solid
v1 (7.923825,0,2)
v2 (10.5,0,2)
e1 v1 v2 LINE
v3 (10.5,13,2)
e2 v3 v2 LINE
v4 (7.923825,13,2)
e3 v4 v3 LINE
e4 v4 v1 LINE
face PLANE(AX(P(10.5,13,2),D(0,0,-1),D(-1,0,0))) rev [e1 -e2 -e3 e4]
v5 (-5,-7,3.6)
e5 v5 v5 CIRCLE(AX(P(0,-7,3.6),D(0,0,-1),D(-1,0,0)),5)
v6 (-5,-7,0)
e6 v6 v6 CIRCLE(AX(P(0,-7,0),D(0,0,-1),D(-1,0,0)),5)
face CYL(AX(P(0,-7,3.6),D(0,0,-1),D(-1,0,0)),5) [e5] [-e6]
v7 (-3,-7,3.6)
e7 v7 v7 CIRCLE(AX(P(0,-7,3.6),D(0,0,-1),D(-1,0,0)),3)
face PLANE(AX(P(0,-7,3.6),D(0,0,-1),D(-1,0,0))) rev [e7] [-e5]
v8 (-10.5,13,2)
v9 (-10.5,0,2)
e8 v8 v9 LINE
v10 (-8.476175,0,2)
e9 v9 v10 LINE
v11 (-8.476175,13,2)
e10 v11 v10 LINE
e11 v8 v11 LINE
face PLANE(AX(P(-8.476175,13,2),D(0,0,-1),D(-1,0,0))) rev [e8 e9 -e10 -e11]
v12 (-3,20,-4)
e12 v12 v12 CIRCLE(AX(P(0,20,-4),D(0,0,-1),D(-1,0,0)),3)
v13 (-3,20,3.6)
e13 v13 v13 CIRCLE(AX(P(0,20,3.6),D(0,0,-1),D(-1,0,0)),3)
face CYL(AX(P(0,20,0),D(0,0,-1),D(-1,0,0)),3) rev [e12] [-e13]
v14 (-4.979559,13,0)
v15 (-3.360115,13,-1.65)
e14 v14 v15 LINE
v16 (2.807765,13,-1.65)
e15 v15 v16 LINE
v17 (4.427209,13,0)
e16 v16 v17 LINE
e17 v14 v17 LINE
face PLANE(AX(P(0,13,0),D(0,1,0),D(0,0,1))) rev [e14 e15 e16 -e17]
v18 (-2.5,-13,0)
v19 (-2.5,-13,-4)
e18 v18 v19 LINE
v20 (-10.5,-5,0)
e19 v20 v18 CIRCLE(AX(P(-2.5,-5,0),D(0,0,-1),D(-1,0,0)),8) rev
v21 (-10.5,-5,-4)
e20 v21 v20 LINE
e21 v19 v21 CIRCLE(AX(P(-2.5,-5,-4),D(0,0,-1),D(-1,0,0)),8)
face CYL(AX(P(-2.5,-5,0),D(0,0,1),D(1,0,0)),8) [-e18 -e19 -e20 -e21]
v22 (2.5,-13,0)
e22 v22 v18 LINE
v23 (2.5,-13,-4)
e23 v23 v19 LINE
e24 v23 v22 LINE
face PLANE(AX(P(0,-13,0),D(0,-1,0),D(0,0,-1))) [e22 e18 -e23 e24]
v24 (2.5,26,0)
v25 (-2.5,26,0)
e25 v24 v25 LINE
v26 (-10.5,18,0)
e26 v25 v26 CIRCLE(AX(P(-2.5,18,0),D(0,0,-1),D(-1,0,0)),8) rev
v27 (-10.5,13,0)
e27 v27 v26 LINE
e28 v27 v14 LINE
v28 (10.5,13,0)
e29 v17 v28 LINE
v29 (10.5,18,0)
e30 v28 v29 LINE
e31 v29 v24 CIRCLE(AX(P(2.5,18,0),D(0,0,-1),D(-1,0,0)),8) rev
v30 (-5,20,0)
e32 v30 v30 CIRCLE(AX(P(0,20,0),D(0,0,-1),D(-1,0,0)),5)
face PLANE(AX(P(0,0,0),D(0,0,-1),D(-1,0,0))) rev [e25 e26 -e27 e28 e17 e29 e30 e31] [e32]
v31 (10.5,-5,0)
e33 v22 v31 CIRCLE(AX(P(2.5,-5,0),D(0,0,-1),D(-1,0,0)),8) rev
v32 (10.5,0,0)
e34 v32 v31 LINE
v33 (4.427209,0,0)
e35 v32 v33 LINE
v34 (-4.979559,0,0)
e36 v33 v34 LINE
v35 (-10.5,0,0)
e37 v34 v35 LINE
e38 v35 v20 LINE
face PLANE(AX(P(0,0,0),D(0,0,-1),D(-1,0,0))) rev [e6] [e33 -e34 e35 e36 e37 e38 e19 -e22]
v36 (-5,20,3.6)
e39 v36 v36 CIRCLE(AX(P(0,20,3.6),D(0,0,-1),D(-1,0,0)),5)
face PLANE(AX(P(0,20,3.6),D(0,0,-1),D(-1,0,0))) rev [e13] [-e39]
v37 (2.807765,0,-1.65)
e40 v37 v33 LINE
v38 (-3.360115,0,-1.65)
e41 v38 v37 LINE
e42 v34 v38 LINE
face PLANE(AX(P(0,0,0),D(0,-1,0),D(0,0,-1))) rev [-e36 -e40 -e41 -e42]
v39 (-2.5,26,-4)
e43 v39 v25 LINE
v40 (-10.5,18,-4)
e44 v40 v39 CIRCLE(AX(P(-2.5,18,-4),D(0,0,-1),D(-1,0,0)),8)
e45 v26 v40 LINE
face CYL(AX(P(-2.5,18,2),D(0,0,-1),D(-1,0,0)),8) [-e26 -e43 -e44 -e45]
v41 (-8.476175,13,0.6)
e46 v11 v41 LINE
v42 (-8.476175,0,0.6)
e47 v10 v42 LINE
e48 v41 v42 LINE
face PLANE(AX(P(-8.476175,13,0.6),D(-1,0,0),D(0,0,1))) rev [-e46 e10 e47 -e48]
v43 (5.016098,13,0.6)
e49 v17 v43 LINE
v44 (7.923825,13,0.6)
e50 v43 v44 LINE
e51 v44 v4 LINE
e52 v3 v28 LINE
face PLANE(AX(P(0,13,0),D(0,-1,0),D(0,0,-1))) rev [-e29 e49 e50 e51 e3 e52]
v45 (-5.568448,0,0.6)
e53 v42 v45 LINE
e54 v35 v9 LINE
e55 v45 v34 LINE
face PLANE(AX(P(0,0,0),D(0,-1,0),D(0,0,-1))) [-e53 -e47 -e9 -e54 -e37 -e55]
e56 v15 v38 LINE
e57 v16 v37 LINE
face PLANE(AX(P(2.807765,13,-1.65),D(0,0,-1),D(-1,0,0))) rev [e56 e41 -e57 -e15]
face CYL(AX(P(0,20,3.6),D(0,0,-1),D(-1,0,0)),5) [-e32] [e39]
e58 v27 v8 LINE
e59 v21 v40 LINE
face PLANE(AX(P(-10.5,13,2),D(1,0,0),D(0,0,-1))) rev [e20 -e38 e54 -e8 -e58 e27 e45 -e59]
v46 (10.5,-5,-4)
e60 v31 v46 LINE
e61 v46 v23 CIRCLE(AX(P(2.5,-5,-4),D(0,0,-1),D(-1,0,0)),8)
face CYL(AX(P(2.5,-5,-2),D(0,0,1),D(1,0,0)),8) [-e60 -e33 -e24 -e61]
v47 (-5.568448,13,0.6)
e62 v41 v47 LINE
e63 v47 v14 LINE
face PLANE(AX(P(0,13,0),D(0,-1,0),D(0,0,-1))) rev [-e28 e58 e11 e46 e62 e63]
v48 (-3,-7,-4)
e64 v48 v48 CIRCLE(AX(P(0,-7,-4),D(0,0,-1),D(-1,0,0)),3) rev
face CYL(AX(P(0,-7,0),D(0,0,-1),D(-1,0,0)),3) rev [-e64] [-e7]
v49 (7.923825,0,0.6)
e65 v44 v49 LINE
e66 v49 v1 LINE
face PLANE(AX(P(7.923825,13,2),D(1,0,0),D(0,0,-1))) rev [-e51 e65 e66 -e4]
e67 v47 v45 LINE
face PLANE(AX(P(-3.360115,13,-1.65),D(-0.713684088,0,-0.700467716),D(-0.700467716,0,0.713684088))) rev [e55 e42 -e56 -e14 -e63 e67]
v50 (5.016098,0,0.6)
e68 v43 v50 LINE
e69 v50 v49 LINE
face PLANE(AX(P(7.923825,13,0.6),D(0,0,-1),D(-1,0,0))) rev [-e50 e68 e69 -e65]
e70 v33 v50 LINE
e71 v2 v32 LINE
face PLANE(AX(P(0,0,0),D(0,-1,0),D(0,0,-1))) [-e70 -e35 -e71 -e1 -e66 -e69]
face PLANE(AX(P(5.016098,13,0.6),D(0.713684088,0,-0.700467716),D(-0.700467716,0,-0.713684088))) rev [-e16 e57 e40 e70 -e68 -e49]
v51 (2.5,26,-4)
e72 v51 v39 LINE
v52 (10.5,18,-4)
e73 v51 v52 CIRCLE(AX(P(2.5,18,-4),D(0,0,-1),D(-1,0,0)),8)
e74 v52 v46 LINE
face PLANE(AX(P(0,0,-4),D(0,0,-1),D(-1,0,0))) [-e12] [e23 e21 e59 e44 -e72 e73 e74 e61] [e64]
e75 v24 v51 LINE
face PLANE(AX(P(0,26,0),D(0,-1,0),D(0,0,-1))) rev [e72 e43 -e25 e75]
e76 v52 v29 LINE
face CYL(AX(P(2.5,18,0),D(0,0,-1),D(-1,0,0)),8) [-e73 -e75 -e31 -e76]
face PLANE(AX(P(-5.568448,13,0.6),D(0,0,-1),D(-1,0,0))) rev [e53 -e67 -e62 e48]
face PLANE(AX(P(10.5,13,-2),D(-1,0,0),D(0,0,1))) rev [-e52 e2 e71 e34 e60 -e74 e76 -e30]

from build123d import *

# Parameters (mm, degrees)
DODANIE_WYCI_GNI_CIE4_DEPTH = 13
SZKIC4_W                    = 21
SZKIC4_H                    = 13
DODANIE_WYCI_GNI_CIE5_DEPTH = 2
SZKIC5_W                    = 21
SZKIC5_H                    = 13
SZKIC5_R                    = 3
DODANIE_WYCI_GNI_CIE6_DEPTH = 4
DODANIE_WYCI_GNI_CIE7_START = -4
SZKIC5_4_R                  = 3
DODANIE_WYCI_GNI_CIE7_DEPTH = 3.6
ZAOKR_GLENIE3_R             = 8


with BuildPart() as part:
    # Szkic3 → Dodanie-wyci_gni_cie4 (new body)
    with BuildSketch(Plane(origin=(0, 0, 0), x_dir=(1, 0, 0), z_dir=(0, 1, 0))):
        Polygon((7.923824764, -2), (7.923824764, -0.6), (5.016097838, -0.6), (2.807764504, 1.65), (-3.360114975, 1.65), (-5.568448309, -0.6), (-8.476175236, -0.6), (-8.476175236, -2), (-10.5, -2), (-10.5, 2), (10.5, 2), (10.5, -2), align=None)
    extrude(amount=DODANIE_WYCI_GNI_CIE4_DEPTH)

    # Szkic4 → Dodanie-wyci_gni_cie5 (add)
    with BuildSketch(Plane(origin=(0, 0, -2), x_dir=(-1, 0, 0), z_dir=(0, 0, -1))):
        with Locations((0, 6.5)):
            Rectangle(SZKIC4_W, SZKIC4_H)
    extrude(amount=DODANIE_WYCI_GNI_CIE5_DEPTH)

    # Szkic5 → Dodanie-wyci_gni_cie6 (add)
    with BuildSketch(Plane(origin=(0, 0, -4), x_dir=(-1, 0, 0), z_dir=(0, 0, -1))):
        with Locations((0, 19.5)):
            Rectangle(SZKIC5_W, SZKIC5_H)
        with Locations((0, 20)):
            Circle(SZKIC5_R, mode=Mode.SUBTRACT)
        with Locations((0, -6.5)):
            Rectangle(SZKIC5_W, SZKIC5_H)
        with Locations((0, -7)):
            Circle(SZKIC5_R, mode=Mode.SUBTRACT)
    extrude(amount=-DODANIE_WYCI_GNI_CIE6_DEPTH)

    # Szkic5_4 → Dodanie-wyci_gni_cie7 (add)
    with BuildSketch(Plane(origin=(0, 0, -4), x_dir=(-1, 0, 0), z_dir=(0, 0, -1)).offset(DODANIE_WYCI_GNI_CIE7_START)):
        with BuildLine():
            Line((3, 16), (-3, 16))
            ThreePointArc((-3, 16), (0, 15), (3, 16))
        make_face()
        with BuildLine():
            ThreePointArc((5, 20), (-2.236067977, 24.472135955), (-3, 16))
            Line((-3, 16), (3, 16))
            ThreePointArc((3, 16), (4.472135955, 17.763932023), (5, 20))
        make_face()
        with Locations((0, 20)):
            Circle(SZKIC5_4_R, mode=Mode.SUBTRACT)
        with BuildLine():
            Line((-3, -3), (3, -3))
            ThreePointArc((3, -3), (0, -2), (-3, -3))
        make_face()
        with BuildLine():
            ThreePointArc((5, -7), (4.472135955, -4.763932023), (3, -3))
            Line((3, -3), (-3, -3))
            ThreePointArc((-3, -3), (-2.236067977, -11.472135955), (5, -7))
        make_face()
        with Locations((0, -7)):
            Circle(SZKIC5_4_R, mode=Mode.SUBTRACT)
    extrude(amount=-DODANIE_WYCI_GNI_CIE7_DEPTH)

    # Zaokr_glenie3
    zaokr_glenie3_edges = [part.edges().sort_by_distance(p)[0] for p in [
        (-10.5, -13, -2),
        (10.5, -13, -2),
        (10.5, 26, -2),
        (-10.5, 26, -2),
    ]]
    fillet(zaokr_glenie3_edges, radius=ZAOKR_GLENIE3_R)


solid = part.part
